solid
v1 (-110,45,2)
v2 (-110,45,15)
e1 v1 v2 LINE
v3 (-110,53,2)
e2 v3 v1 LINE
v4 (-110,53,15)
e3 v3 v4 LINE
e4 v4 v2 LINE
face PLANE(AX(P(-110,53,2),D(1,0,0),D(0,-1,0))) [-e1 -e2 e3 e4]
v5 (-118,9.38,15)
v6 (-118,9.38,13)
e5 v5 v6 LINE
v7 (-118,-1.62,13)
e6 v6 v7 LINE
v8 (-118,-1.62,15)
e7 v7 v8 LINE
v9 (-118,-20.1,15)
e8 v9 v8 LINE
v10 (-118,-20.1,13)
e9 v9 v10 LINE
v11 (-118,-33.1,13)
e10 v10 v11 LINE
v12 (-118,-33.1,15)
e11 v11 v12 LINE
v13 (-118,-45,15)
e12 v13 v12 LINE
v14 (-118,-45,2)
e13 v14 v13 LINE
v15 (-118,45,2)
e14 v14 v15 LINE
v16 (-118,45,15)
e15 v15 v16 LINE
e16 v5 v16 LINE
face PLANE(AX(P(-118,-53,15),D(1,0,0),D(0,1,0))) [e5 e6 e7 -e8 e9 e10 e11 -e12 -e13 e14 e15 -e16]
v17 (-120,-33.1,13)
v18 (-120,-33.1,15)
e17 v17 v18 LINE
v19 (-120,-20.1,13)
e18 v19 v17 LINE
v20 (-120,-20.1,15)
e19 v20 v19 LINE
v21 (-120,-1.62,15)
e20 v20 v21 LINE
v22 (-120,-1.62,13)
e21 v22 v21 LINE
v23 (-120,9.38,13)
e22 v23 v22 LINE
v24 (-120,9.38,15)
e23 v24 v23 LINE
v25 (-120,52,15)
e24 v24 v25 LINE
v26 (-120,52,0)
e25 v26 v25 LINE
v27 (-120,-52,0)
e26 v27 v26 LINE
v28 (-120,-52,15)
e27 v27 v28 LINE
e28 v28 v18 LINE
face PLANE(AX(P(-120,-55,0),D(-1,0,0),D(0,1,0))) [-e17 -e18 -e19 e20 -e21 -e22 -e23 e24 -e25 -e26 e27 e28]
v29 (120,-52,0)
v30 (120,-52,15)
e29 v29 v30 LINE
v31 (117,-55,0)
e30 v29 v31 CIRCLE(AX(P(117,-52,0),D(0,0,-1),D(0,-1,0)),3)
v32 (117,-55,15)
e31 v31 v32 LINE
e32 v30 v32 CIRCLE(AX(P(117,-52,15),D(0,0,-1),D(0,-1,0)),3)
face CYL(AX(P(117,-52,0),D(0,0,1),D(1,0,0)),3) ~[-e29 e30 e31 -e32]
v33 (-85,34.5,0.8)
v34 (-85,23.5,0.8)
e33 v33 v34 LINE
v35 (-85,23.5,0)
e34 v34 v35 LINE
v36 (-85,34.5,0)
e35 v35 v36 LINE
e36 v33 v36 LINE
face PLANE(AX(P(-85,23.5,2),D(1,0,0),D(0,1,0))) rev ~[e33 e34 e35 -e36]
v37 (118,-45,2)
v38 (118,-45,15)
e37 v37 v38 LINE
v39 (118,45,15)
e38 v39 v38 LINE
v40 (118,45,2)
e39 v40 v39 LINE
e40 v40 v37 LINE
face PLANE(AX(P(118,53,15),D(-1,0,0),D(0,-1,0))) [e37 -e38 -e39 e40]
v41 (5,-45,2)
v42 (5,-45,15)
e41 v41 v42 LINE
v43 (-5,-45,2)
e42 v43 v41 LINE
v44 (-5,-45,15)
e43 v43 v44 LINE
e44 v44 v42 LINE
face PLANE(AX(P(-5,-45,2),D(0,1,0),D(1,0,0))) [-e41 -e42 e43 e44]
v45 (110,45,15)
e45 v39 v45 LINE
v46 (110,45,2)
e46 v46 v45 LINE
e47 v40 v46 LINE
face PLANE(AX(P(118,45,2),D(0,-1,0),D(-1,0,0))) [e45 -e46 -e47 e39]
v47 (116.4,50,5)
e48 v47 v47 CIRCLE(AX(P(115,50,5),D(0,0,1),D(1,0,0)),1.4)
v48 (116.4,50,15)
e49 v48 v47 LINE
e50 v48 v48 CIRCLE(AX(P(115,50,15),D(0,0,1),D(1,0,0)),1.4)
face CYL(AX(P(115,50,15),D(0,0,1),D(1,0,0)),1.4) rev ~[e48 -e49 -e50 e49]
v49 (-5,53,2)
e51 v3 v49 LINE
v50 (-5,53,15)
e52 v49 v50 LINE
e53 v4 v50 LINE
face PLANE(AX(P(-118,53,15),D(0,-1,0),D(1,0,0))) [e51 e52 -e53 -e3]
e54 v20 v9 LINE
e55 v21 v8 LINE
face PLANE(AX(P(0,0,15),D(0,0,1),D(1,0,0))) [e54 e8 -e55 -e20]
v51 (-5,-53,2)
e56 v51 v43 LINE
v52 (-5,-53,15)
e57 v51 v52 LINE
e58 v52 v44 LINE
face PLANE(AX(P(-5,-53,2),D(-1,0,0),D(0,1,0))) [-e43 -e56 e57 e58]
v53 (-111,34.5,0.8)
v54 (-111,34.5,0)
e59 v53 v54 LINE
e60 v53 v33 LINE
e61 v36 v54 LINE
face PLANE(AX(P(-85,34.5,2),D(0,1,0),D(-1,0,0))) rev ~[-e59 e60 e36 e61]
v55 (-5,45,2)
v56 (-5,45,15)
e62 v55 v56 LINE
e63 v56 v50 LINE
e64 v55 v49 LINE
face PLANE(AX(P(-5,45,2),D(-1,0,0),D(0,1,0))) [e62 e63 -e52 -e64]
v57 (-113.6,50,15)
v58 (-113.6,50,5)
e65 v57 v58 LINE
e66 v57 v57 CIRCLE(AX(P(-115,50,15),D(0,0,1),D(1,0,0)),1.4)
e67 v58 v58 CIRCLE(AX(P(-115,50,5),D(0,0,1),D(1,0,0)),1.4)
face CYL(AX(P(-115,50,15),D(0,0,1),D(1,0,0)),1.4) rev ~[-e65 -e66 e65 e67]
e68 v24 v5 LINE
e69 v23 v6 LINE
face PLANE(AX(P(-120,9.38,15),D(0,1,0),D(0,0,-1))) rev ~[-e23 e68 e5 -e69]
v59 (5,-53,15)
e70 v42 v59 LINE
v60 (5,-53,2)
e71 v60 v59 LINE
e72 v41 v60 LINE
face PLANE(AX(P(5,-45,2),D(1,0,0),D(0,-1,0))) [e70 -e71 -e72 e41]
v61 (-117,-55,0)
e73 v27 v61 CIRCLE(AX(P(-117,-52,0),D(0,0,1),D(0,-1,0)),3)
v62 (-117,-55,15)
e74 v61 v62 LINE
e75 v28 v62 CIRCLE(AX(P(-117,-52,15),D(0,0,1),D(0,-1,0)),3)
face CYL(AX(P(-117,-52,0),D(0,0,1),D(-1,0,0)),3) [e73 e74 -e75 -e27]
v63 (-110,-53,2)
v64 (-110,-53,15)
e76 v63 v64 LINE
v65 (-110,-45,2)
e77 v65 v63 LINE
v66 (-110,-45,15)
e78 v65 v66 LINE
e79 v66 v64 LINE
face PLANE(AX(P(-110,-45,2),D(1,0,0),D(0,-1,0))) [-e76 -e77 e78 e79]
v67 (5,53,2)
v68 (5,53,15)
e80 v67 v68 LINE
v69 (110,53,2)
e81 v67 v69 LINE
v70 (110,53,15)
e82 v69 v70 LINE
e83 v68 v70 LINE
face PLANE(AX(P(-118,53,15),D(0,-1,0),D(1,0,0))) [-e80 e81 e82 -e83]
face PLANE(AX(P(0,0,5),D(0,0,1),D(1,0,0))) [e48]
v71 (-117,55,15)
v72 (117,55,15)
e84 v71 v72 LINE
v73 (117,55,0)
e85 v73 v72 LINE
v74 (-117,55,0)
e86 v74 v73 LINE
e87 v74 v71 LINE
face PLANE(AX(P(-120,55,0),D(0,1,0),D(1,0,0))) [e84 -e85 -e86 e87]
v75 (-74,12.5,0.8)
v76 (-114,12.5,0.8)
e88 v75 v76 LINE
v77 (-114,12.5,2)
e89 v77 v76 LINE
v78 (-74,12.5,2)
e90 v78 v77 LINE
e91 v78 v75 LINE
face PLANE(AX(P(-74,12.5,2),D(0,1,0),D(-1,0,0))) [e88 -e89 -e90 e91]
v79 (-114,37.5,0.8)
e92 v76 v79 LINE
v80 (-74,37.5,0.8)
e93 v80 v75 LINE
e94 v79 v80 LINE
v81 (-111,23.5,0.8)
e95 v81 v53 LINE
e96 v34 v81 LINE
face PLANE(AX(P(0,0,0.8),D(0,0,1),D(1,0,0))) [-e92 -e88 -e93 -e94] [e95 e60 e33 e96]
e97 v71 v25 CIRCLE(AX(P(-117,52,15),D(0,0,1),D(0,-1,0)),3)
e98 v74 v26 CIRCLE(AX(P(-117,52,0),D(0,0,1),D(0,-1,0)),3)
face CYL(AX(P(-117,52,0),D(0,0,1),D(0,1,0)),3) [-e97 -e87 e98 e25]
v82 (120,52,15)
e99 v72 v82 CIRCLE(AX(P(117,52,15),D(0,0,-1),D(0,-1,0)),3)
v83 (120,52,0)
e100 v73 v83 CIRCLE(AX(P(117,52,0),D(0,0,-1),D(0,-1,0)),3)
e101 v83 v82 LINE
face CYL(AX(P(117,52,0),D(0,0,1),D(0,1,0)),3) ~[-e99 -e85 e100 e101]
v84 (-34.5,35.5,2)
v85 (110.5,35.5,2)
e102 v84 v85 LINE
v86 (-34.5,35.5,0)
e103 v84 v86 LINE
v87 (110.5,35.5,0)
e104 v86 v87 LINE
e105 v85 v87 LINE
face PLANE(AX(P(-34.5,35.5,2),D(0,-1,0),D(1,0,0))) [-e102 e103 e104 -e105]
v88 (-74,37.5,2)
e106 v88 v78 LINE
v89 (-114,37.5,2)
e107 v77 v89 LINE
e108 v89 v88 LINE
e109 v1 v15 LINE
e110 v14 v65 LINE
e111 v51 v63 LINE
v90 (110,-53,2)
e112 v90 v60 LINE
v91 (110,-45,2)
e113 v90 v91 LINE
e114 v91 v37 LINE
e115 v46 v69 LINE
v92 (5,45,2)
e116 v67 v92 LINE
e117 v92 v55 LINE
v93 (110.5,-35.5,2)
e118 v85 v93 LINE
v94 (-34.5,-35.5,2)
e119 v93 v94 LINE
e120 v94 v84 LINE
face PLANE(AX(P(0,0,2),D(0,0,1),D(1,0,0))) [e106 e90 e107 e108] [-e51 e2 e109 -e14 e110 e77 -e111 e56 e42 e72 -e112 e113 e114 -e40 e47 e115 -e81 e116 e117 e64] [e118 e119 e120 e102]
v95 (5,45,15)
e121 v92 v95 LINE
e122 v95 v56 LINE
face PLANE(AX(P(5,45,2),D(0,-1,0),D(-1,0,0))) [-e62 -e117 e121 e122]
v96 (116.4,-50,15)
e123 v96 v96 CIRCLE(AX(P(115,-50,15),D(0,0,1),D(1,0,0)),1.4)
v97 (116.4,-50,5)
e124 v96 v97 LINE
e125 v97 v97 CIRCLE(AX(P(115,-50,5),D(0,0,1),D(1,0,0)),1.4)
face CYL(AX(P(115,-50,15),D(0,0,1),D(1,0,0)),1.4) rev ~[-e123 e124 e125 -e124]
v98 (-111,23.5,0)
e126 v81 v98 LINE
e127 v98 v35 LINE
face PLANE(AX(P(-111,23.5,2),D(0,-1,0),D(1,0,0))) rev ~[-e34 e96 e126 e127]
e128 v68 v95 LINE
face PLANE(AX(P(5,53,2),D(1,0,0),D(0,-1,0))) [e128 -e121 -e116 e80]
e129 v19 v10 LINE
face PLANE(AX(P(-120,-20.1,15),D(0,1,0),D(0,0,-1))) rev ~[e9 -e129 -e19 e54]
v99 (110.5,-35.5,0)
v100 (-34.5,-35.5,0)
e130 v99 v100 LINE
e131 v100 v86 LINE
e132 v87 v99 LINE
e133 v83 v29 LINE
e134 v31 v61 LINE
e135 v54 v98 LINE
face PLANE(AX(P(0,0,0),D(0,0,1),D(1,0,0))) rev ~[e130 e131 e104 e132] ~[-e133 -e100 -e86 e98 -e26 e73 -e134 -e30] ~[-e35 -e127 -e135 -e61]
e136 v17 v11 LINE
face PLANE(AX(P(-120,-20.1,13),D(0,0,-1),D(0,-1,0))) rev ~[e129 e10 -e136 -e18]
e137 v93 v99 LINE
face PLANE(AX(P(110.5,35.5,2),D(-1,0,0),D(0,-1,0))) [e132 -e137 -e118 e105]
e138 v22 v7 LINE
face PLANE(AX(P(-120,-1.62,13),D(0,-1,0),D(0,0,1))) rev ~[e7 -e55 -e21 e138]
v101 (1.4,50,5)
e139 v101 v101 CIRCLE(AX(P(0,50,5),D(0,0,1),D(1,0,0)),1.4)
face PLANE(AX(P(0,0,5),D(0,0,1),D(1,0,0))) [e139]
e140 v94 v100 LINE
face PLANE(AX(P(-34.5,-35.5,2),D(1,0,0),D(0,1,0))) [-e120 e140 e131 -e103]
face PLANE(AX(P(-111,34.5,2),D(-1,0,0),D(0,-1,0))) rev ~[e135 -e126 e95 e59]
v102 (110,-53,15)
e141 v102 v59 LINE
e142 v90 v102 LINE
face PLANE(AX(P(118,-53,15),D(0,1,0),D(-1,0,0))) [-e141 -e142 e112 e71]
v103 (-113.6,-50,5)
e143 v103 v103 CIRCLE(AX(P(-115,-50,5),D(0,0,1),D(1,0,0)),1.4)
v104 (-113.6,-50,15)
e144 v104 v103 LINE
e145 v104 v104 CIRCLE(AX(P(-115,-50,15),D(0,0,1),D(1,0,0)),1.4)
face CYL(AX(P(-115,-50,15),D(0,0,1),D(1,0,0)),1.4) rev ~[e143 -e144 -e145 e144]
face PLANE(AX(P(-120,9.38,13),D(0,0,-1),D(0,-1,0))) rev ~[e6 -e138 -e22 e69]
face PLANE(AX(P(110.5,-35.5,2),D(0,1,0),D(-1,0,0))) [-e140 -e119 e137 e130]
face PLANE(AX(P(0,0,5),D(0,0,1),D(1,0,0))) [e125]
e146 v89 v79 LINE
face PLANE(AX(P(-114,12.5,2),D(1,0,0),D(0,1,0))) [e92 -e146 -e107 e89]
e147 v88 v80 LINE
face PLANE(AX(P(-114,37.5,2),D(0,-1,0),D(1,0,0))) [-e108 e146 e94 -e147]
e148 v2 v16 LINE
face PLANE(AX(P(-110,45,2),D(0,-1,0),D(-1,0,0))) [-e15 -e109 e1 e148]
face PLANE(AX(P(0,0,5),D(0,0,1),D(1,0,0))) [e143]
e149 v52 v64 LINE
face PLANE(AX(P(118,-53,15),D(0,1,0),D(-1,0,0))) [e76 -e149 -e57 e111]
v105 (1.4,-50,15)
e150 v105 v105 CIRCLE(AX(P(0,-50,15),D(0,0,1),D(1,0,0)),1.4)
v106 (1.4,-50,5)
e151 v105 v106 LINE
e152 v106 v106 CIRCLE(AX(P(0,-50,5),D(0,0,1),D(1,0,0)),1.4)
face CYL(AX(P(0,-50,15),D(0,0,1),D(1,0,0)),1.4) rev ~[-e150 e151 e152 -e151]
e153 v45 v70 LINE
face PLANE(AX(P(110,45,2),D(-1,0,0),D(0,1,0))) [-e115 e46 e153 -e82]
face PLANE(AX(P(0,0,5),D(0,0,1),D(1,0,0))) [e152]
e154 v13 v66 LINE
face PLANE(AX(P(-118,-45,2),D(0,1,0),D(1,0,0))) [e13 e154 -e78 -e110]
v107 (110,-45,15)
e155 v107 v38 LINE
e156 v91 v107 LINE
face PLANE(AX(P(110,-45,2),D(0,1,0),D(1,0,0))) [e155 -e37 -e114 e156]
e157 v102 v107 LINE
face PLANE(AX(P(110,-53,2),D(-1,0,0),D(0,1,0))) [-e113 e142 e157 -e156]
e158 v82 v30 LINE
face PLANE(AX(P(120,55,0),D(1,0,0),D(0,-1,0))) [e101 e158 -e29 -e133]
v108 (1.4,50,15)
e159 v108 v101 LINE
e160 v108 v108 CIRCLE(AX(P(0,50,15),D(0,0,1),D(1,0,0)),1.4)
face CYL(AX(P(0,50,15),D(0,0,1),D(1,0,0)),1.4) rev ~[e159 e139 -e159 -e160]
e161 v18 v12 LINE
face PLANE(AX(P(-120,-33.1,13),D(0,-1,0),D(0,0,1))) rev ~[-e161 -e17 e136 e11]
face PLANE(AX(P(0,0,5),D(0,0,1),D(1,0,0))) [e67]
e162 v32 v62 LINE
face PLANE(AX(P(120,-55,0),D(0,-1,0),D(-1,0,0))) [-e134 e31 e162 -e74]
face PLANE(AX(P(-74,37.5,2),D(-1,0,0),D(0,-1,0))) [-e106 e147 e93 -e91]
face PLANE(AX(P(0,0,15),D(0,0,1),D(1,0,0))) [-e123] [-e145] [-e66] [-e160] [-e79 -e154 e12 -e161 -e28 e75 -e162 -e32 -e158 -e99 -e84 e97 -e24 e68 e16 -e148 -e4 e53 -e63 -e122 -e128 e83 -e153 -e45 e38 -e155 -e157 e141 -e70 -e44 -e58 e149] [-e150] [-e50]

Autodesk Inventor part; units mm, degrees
ref_plane "YZ Plane" through (0, 0, 0) normal (1, 0, 0) x (0, 1, 0)
ref_plane "XZ Plane" through (0, 0, 0) normal (0, 1, 0) x (-1, 0, 0)
ref_plane "XY Plane" through (0, 0, 0) normal (0, 0, 1) x (1, 0, 0)
sketch "スケッチ1" plane through (0, 0, 0) normal (0, 0, 1) x (1, 0, 0)
  line L0 (-120, 55) -> (120, 55)
  line L1 (120, 55) -> (120, -55)
  line L2 (120, -55) -> (-120, -55)
  line L3 (-120, -55) -> (-120, 55)
  point P0 (0, 0)
  point P1 (0, -55)
  point P2 (120, 0)
  dimension "d0" = 240
  dimension "d1" = 110
extrude "天板" add sketch "スケッチ1" along normal blind 15
sketch "スケッチ2" plane through (0, 0, 15) normal (0, 0, 1) x (1, 0, 0)
  line L0 (-118, 53) -> (118, 53)
  line L1 (118, 53) -> (118, -53)
  line L2 (118, -53) -> (-118, -53)
  line L3 (-118, -53) -> (-118, 53)
  point P0 (0, 0)
  point P1 (0, -53)
  point P2 (118, 0)
  dimension "d4" = 236
  dimension "d5" = 106
extrude "天板くりぬき" cut sketch "スケッチ2" against normal blind 13
sketch "スケッチ3" plane through (0, 0, 2) normal (0, 0, 1) x (1, 0, 0)
  line L0 (-118, 53) -> (-110, 53)
  line L1 (-110, 53) -> (-110, 45)
  line L2 (-110, 45) -> (-118, 45)
  line L3 (-118, 45) -> (-118, 53)
  line L4 (-118, -45) -> (-110, -45)
  line L5 (-110, -45) -> (-110, -53)
  line L6 (-110, -53) -> (-118, -53)
  line L7 (-118, -53) -> (-118, -45)
  line L8 (110, 53) -> (118, 53)
  line L9 (118, 53) -> (118, 45)
  line L10 (118, 45) -> (110, 45)
  line L11 (110, 45) -> (110, 53)
  line L12 (110, -45) -> (118, -45)
  line L13 (118, -45) -> (118, -53)
  line L14 (118, -53) -> (110, -53)
  line L15 (110, -53) -> (110, -45)
  line L16 (-5, 53) -> (5, 53)
  line L17 (5, 53) -> (5, 45)
  line L18 (5, 45) -> (-5, 45)
  line L19 (-5, 45) -> (-5, 53)
  line L20 (-5, -45) -> (5, -45)
  line L21 (5, -45) -> (5, -53)
  line L22 (5, -53) -> (-5, -53)
  line L23 (-5, -53) -> (-5, -45)
  line L24 (-118, 53) -> (118, 53) projected
  line L25 (118, -53) -> (-118, -53) projected
  point P0 (0, 0)
  point P1 (0, 53)
  point P2 (0, 53)
  point P3 (0, -53)
  point P4 (0, -53)
  dimension "d8" = 8
  dimension "d9" = 8
  dimension "d10" = 10
extrude "天板固定用ボス" add sketch "スケッチ3" along normal blind 13
sketch "スケッチ4" plane through (0, 0, 15) normal (0, 0, 1) x (1, 0, 0)
  circle A0 centre (-115, 50) radius 1.4
  circle A1 centre (-115, -50) radius 1.4
  circle A2 centre (0, -50) radius 1.4
  circle A3 centre (0, 50) radius 1.4
  circle A4 centre (115, 50) radius 1.4
  circle A5 centre (115, -50) radius 1.4
  line L0 (120, 55) -> (-120, 55) projected
  line L1 (-120, 55) -> (-120, -55) projected
  line L2 (-120, -55) -> (120, -55) projected
  line L3 (120, 55) -> (120, -55) projected
  point P0 (0, 0)
  dimension "d13" = 2.8
  dimension "d14" = 5
  dimension "d15" = 5
  dimension "d16" = 5
  dimension "d17" = 5
extrude "天板固定用ねじ穴" cut sketch "スケッチ4" against normal blind 10 contours A0 | A1 | A2 | A3 | A4 | A5
sketch "スケッチ5" plane through (0, 0, 2) normal (0, 0, 1) x (1, 0, 0)
  line L0 (-34.5, 35.5) -> (110.5, 35.5)
  line L1 (110.5, 35.5) -> (110.5, -35.5)
  line L2 (110.5, -35.5) -> (-34.5, -35.5)
  line L3 (-34.5, -35.5) -> (-34.5, 35.5)
  line L4 (-85, 34.5) -> (-111, 34.5)
  line L5 (-111, 34.5) -> (-111, 23.5)
  line L6 (-111, 23.5) -> (-85, 23.5)
  line L7 (-85, 23.5) -> (-85, 34.5)
  point P0 (0, 0)
  point P1 (-10, 0)
  point P2 (86, 0)
  point P3 (38, 0)
  point P4 (38, 35.5)
  point P5 (-34.5, 0)
  point P6 (-85, 29)
  point P7 (-85, 29)
  dimension "d20" = 10
  dimension "d21" = 96
  dimension "d22" = 145
  dimension "d23" = 71
  dimension "d24" = 48
  dimension "d27" = 85
  dimension "d28" = 29
  dimension "d31" = 26
  dimension "d32" = 11
extrude "7セグ LCD用穴" cut sketch "スケッチ5" against normal blind 2
fillet "フィレット1" radius 3 4 edges at (120, -55, 7.5) (120, 55, 7.5) (-120, -55, 7.5) (-120, 55, 7.5)
sketch "スケッチ6" plane through (0, 0, 2) normal (0, 0, 1) x (1, 0, 0)
  line L0 (-114, 37.5) -> (-74, 37.5)
  line L1 (-74, 37.5) -> (-74, 12.5)
  line L2 (-74, 12.5) -> (-114, 12.5)
  line L3 (-114, 12.5) -> (-114, 37.5)
  line L4 (-85, 34.5) -> (-85, 23.5) projected
  line L5 (-111, 23.5) -> (-111, 34.5) projected
  point P0 (0, 0)
  point P1 (-74, 25)
  point P2 (-85, 29)
  dimension "d34" = 40
  dimension "d35" = 25
  dimension "d36" = 3
  dimension "d55" = 4
extrude "LCD用くぼみ" cut sketch "スケッチ6" against normal blind 1.2
sketch "スケッチ8" plane through (-120, -52, 0) normal (-1, 0, 0) x (0, 0, 1)
  line L0 (0, 16.5) -> (0, 87.5) projected
  line L1 (15, 0) -> (15, 104) projected
  line L2 (15, 61.38) -> (13, 61.38)
  line L3 (13, 61.38) -> (13, 50.38)
  line L4 (13, 50.38) -> (15, 50.38)
  line L5 (15, 50.38) -> (15, 61.38)
  line L6 (15, 31.9) -> (13, 31.9)
  line L7 (13, 31.9) -> (13, 18.9)
  line L8 (13, 18.9) -> (15, 18.9)
  line L9 (15, 18.9) -> (15, 31.9)
  point P0 (0, 52)
  point P1 (0, 63.5)
  point P2 (15, 55.88)
  point P3 (15, 25.4)
  point P4 (15, 55.88)
  point P5 (15, 25.4)
  dimension "d46" = 11.5
  dimension "d47" = 7.62
  dimension "d48" = 38.1
  dimension "d49" = 2
  dimension "d50" = 11
  dimension "d51" = 2
  dimension "d52" = 13
extrude "Arduinoコネクタ穴" cut sketch "スケッチ8" against normal blind 2
properties part number "top-cover"
